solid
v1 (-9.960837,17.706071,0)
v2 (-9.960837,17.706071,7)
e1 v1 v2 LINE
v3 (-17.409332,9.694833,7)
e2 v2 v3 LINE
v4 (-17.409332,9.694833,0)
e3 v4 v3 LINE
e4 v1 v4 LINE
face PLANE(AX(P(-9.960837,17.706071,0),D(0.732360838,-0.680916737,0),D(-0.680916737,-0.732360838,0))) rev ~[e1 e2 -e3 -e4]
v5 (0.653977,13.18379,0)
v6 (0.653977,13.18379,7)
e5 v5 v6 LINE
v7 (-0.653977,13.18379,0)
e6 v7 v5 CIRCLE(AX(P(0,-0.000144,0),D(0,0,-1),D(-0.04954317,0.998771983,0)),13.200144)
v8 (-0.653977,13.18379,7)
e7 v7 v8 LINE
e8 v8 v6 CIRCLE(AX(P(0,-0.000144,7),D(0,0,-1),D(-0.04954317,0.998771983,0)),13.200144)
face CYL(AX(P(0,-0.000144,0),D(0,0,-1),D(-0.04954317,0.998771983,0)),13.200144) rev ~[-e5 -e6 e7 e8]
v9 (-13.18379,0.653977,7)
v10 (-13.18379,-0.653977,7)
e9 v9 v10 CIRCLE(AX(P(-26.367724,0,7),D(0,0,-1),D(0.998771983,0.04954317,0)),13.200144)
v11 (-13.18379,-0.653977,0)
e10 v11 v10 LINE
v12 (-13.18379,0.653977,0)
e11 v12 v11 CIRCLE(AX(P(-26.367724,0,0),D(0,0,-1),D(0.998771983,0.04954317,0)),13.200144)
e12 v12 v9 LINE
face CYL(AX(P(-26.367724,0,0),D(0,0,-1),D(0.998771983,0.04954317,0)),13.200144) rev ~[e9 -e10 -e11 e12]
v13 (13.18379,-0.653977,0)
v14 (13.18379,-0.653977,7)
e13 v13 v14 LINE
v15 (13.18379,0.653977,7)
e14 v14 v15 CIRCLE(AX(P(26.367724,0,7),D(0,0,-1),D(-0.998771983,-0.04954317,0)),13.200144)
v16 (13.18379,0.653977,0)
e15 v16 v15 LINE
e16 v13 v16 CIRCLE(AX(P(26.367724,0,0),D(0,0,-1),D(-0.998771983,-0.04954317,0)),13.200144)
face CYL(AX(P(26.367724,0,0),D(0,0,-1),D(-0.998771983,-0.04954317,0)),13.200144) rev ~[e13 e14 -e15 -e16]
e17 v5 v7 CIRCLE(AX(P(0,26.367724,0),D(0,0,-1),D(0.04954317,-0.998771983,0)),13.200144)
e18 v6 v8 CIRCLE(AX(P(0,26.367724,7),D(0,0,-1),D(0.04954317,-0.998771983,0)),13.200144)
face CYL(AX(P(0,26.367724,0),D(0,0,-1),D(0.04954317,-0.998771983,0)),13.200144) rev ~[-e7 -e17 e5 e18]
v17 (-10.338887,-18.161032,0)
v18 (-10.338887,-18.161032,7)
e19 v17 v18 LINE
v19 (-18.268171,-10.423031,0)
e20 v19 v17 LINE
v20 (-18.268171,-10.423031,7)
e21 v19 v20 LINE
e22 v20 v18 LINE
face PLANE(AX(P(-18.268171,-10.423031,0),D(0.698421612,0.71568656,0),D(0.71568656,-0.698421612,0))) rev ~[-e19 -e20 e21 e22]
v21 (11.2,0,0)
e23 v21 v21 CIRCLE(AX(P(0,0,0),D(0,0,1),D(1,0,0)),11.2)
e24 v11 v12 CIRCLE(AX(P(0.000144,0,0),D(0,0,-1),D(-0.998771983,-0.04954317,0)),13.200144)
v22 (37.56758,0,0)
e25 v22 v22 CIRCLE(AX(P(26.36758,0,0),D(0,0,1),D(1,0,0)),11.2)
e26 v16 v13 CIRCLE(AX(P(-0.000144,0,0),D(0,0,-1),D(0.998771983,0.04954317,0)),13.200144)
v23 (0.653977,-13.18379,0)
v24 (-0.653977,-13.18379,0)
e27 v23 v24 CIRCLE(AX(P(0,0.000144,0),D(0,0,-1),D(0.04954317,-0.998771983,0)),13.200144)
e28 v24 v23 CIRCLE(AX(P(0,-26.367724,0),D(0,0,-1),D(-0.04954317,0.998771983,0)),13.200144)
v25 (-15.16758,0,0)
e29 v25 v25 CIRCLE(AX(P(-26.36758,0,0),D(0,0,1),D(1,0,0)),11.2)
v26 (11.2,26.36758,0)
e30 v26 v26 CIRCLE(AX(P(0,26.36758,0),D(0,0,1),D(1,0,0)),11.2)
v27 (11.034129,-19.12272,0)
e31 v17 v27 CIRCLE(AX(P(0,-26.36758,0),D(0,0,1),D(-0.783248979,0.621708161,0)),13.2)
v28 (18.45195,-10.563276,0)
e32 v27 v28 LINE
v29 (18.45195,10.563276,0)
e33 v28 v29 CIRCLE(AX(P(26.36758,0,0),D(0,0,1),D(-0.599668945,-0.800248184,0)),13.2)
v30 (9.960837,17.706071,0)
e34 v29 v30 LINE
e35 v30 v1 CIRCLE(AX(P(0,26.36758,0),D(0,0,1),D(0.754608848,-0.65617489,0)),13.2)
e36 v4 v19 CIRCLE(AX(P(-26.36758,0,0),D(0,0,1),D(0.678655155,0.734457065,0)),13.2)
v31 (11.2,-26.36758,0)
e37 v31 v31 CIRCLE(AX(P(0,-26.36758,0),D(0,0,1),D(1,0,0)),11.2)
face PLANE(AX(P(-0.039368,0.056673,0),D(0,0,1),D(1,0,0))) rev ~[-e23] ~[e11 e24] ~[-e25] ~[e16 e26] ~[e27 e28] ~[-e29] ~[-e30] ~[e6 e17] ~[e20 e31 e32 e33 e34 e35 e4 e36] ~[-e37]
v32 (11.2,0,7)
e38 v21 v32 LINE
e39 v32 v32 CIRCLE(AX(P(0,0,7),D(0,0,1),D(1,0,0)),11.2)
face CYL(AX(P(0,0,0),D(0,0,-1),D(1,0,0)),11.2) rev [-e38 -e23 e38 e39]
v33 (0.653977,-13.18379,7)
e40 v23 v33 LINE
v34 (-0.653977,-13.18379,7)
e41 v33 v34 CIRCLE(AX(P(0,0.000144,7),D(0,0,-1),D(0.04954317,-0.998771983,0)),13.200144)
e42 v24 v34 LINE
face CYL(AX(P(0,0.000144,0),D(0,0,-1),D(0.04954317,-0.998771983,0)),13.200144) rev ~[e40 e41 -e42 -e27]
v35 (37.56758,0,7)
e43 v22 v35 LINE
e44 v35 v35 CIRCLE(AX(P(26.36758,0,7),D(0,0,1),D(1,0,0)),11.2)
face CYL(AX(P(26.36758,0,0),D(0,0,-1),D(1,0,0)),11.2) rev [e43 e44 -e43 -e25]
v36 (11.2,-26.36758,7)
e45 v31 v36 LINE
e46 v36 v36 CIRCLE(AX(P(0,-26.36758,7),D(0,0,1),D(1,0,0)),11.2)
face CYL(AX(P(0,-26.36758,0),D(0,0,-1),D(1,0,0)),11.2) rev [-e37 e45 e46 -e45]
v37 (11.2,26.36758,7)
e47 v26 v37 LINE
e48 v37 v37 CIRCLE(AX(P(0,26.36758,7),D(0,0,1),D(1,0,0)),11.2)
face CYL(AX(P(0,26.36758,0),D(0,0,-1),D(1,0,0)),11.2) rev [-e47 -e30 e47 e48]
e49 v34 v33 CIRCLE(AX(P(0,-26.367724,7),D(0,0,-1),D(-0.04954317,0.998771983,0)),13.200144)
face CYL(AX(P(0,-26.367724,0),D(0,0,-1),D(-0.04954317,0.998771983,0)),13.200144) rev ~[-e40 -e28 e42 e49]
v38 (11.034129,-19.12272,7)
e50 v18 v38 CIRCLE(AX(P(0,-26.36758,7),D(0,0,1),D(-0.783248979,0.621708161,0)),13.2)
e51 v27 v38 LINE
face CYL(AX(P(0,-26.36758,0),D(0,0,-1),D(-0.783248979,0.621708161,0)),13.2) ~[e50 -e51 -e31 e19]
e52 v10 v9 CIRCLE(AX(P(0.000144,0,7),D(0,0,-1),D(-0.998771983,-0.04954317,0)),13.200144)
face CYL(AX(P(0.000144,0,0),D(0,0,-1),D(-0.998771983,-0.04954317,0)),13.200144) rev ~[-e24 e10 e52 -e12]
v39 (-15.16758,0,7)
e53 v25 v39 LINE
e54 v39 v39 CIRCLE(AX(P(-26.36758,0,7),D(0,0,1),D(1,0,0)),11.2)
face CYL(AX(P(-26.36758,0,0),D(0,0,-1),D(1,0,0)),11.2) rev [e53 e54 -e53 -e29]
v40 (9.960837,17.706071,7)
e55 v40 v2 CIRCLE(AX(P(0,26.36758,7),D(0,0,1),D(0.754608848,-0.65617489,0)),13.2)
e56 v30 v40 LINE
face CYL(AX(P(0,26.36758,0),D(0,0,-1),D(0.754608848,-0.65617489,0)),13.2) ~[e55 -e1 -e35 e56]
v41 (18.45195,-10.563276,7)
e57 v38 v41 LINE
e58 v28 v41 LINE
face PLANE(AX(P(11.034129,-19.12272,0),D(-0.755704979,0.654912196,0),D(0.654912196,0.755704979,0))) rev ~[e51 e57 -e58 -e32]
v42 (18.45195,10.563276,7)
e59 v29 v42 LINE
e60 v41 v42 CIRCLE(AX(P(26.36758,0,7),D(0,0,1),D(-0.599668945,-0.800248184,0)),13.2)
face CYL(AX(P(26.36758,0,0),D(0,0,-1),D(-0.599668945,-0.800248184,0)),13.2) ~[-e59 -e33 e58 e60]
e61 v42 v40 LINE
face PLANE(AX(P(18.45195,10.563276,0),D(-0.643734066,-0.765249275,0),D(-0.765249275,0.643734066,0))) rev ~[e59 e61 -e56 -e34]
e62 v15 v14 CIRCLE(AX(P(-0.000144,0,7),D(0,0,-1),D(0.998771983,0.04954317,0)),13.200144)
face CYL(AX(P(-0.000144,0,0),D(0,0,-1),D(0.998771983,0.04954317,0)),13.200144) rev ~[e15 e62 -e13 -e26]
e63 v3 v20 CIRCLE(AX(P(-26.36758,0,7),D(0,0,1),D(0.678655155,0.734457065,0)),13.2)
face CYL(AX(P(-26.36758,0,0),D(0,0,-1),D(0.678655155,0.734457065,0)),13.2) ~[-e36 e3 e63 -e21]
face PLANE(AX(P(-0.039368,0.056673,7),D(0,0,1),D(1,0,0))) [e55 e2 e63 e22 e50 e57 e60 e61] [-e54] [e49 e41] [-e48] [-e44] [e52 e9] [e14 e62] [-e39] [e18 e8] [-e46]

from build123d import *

# Parameters (mm, degrees)
F0_R     = 11.2
F1_DEPTH = 7


with BuildPart() as f1:
    # F0 (on Top) → F1 (new body)
    with BuildSketch(Plane.XY):
        with BuildLine():
            Line((18.45195, 10.563276), (9.960837, 17.706071))
            ThreePointArc((9.960837, 17.706071), (0, 39.56758), (-9.960837, 17.706071))
            Line((-9.960837, 17.706071), (-17.409332, 9.694833))
            ThreePointArc((-17.409332, 9.694833), (-39.555568, 0.563), (-18.268171, -10.423031))
            Line((-18.268171, -10.423031), (-10.338887, -18.161032))
            ThreePointArc((-10.338887, -18.161032), (-0.593339, -39.554238), (11.034129, -19.12272))
            Line((11.034129, -19.12272), (18.45195, -10.563276))
            ThreePointArc((18.45195, -10.563276), (39.56758, 0), (18.45195, 10.563276))
        make_face()
        with Locations((0, -26.36758)):
            Circle(F0_R, mode=Mode.SUBTRACT)
        with BuildLine():
            ThreePointArc((0.653977, -13.18379), (0, -13.2), (-0.653977, -13.18379))
            ThreePointArc((-0.653977, -13.18379), (0, -13.16758), (0.653977, -13.18379))
        make_face(mode=Mode.SUBTRACT)
        with BuildLine():
            ThreePointArc((13.18379, -0.653977), (13.16758, 0), (13.18379, 0.653977))
            ThreePointArc((13.18379, 0.653977), (13.2, 0), (13.18379, -0.653977))
        make_face(mode=Mode.SUBTRACT)
        with Locations((-26.36758, 0)):
            Circle(F0_R, mode=Mode.SUBTRACT)
        with BuildLine():
            ThreePointArc((-13.18379, -0.653977), (-13.2, 0), (-13.18379, 0.653977))
            ThreePointArc((-13.18379, 0.653977), (-13.16758, 0), (-13.18379, -0.653977))
        make_face(mode=Mode.SUBTRACT)
        Circle(F0_R, mode=Mode.SUBTRACT)
        with BuildLine():
            ThreePointArc((-0.653977, 13.18379), (0, 13.2), (0.653977, 13.18379))
            ThreePointArc((0.653977, 13.18379), (0, 13.16758), (-0.653977, 13.18379))
        make_face(mode=Mode.SUBTRACT)
        with Locations((26.36758, 0)):
            Circle(F0_R, mode=Mode.SUBTRACT)
        with Locations((0, 26.36758)):
            Circle(F0_R, mode=Mode.SUBTRACT)
    extrude(amount=F1_DEPTH)


solid = f1.part
